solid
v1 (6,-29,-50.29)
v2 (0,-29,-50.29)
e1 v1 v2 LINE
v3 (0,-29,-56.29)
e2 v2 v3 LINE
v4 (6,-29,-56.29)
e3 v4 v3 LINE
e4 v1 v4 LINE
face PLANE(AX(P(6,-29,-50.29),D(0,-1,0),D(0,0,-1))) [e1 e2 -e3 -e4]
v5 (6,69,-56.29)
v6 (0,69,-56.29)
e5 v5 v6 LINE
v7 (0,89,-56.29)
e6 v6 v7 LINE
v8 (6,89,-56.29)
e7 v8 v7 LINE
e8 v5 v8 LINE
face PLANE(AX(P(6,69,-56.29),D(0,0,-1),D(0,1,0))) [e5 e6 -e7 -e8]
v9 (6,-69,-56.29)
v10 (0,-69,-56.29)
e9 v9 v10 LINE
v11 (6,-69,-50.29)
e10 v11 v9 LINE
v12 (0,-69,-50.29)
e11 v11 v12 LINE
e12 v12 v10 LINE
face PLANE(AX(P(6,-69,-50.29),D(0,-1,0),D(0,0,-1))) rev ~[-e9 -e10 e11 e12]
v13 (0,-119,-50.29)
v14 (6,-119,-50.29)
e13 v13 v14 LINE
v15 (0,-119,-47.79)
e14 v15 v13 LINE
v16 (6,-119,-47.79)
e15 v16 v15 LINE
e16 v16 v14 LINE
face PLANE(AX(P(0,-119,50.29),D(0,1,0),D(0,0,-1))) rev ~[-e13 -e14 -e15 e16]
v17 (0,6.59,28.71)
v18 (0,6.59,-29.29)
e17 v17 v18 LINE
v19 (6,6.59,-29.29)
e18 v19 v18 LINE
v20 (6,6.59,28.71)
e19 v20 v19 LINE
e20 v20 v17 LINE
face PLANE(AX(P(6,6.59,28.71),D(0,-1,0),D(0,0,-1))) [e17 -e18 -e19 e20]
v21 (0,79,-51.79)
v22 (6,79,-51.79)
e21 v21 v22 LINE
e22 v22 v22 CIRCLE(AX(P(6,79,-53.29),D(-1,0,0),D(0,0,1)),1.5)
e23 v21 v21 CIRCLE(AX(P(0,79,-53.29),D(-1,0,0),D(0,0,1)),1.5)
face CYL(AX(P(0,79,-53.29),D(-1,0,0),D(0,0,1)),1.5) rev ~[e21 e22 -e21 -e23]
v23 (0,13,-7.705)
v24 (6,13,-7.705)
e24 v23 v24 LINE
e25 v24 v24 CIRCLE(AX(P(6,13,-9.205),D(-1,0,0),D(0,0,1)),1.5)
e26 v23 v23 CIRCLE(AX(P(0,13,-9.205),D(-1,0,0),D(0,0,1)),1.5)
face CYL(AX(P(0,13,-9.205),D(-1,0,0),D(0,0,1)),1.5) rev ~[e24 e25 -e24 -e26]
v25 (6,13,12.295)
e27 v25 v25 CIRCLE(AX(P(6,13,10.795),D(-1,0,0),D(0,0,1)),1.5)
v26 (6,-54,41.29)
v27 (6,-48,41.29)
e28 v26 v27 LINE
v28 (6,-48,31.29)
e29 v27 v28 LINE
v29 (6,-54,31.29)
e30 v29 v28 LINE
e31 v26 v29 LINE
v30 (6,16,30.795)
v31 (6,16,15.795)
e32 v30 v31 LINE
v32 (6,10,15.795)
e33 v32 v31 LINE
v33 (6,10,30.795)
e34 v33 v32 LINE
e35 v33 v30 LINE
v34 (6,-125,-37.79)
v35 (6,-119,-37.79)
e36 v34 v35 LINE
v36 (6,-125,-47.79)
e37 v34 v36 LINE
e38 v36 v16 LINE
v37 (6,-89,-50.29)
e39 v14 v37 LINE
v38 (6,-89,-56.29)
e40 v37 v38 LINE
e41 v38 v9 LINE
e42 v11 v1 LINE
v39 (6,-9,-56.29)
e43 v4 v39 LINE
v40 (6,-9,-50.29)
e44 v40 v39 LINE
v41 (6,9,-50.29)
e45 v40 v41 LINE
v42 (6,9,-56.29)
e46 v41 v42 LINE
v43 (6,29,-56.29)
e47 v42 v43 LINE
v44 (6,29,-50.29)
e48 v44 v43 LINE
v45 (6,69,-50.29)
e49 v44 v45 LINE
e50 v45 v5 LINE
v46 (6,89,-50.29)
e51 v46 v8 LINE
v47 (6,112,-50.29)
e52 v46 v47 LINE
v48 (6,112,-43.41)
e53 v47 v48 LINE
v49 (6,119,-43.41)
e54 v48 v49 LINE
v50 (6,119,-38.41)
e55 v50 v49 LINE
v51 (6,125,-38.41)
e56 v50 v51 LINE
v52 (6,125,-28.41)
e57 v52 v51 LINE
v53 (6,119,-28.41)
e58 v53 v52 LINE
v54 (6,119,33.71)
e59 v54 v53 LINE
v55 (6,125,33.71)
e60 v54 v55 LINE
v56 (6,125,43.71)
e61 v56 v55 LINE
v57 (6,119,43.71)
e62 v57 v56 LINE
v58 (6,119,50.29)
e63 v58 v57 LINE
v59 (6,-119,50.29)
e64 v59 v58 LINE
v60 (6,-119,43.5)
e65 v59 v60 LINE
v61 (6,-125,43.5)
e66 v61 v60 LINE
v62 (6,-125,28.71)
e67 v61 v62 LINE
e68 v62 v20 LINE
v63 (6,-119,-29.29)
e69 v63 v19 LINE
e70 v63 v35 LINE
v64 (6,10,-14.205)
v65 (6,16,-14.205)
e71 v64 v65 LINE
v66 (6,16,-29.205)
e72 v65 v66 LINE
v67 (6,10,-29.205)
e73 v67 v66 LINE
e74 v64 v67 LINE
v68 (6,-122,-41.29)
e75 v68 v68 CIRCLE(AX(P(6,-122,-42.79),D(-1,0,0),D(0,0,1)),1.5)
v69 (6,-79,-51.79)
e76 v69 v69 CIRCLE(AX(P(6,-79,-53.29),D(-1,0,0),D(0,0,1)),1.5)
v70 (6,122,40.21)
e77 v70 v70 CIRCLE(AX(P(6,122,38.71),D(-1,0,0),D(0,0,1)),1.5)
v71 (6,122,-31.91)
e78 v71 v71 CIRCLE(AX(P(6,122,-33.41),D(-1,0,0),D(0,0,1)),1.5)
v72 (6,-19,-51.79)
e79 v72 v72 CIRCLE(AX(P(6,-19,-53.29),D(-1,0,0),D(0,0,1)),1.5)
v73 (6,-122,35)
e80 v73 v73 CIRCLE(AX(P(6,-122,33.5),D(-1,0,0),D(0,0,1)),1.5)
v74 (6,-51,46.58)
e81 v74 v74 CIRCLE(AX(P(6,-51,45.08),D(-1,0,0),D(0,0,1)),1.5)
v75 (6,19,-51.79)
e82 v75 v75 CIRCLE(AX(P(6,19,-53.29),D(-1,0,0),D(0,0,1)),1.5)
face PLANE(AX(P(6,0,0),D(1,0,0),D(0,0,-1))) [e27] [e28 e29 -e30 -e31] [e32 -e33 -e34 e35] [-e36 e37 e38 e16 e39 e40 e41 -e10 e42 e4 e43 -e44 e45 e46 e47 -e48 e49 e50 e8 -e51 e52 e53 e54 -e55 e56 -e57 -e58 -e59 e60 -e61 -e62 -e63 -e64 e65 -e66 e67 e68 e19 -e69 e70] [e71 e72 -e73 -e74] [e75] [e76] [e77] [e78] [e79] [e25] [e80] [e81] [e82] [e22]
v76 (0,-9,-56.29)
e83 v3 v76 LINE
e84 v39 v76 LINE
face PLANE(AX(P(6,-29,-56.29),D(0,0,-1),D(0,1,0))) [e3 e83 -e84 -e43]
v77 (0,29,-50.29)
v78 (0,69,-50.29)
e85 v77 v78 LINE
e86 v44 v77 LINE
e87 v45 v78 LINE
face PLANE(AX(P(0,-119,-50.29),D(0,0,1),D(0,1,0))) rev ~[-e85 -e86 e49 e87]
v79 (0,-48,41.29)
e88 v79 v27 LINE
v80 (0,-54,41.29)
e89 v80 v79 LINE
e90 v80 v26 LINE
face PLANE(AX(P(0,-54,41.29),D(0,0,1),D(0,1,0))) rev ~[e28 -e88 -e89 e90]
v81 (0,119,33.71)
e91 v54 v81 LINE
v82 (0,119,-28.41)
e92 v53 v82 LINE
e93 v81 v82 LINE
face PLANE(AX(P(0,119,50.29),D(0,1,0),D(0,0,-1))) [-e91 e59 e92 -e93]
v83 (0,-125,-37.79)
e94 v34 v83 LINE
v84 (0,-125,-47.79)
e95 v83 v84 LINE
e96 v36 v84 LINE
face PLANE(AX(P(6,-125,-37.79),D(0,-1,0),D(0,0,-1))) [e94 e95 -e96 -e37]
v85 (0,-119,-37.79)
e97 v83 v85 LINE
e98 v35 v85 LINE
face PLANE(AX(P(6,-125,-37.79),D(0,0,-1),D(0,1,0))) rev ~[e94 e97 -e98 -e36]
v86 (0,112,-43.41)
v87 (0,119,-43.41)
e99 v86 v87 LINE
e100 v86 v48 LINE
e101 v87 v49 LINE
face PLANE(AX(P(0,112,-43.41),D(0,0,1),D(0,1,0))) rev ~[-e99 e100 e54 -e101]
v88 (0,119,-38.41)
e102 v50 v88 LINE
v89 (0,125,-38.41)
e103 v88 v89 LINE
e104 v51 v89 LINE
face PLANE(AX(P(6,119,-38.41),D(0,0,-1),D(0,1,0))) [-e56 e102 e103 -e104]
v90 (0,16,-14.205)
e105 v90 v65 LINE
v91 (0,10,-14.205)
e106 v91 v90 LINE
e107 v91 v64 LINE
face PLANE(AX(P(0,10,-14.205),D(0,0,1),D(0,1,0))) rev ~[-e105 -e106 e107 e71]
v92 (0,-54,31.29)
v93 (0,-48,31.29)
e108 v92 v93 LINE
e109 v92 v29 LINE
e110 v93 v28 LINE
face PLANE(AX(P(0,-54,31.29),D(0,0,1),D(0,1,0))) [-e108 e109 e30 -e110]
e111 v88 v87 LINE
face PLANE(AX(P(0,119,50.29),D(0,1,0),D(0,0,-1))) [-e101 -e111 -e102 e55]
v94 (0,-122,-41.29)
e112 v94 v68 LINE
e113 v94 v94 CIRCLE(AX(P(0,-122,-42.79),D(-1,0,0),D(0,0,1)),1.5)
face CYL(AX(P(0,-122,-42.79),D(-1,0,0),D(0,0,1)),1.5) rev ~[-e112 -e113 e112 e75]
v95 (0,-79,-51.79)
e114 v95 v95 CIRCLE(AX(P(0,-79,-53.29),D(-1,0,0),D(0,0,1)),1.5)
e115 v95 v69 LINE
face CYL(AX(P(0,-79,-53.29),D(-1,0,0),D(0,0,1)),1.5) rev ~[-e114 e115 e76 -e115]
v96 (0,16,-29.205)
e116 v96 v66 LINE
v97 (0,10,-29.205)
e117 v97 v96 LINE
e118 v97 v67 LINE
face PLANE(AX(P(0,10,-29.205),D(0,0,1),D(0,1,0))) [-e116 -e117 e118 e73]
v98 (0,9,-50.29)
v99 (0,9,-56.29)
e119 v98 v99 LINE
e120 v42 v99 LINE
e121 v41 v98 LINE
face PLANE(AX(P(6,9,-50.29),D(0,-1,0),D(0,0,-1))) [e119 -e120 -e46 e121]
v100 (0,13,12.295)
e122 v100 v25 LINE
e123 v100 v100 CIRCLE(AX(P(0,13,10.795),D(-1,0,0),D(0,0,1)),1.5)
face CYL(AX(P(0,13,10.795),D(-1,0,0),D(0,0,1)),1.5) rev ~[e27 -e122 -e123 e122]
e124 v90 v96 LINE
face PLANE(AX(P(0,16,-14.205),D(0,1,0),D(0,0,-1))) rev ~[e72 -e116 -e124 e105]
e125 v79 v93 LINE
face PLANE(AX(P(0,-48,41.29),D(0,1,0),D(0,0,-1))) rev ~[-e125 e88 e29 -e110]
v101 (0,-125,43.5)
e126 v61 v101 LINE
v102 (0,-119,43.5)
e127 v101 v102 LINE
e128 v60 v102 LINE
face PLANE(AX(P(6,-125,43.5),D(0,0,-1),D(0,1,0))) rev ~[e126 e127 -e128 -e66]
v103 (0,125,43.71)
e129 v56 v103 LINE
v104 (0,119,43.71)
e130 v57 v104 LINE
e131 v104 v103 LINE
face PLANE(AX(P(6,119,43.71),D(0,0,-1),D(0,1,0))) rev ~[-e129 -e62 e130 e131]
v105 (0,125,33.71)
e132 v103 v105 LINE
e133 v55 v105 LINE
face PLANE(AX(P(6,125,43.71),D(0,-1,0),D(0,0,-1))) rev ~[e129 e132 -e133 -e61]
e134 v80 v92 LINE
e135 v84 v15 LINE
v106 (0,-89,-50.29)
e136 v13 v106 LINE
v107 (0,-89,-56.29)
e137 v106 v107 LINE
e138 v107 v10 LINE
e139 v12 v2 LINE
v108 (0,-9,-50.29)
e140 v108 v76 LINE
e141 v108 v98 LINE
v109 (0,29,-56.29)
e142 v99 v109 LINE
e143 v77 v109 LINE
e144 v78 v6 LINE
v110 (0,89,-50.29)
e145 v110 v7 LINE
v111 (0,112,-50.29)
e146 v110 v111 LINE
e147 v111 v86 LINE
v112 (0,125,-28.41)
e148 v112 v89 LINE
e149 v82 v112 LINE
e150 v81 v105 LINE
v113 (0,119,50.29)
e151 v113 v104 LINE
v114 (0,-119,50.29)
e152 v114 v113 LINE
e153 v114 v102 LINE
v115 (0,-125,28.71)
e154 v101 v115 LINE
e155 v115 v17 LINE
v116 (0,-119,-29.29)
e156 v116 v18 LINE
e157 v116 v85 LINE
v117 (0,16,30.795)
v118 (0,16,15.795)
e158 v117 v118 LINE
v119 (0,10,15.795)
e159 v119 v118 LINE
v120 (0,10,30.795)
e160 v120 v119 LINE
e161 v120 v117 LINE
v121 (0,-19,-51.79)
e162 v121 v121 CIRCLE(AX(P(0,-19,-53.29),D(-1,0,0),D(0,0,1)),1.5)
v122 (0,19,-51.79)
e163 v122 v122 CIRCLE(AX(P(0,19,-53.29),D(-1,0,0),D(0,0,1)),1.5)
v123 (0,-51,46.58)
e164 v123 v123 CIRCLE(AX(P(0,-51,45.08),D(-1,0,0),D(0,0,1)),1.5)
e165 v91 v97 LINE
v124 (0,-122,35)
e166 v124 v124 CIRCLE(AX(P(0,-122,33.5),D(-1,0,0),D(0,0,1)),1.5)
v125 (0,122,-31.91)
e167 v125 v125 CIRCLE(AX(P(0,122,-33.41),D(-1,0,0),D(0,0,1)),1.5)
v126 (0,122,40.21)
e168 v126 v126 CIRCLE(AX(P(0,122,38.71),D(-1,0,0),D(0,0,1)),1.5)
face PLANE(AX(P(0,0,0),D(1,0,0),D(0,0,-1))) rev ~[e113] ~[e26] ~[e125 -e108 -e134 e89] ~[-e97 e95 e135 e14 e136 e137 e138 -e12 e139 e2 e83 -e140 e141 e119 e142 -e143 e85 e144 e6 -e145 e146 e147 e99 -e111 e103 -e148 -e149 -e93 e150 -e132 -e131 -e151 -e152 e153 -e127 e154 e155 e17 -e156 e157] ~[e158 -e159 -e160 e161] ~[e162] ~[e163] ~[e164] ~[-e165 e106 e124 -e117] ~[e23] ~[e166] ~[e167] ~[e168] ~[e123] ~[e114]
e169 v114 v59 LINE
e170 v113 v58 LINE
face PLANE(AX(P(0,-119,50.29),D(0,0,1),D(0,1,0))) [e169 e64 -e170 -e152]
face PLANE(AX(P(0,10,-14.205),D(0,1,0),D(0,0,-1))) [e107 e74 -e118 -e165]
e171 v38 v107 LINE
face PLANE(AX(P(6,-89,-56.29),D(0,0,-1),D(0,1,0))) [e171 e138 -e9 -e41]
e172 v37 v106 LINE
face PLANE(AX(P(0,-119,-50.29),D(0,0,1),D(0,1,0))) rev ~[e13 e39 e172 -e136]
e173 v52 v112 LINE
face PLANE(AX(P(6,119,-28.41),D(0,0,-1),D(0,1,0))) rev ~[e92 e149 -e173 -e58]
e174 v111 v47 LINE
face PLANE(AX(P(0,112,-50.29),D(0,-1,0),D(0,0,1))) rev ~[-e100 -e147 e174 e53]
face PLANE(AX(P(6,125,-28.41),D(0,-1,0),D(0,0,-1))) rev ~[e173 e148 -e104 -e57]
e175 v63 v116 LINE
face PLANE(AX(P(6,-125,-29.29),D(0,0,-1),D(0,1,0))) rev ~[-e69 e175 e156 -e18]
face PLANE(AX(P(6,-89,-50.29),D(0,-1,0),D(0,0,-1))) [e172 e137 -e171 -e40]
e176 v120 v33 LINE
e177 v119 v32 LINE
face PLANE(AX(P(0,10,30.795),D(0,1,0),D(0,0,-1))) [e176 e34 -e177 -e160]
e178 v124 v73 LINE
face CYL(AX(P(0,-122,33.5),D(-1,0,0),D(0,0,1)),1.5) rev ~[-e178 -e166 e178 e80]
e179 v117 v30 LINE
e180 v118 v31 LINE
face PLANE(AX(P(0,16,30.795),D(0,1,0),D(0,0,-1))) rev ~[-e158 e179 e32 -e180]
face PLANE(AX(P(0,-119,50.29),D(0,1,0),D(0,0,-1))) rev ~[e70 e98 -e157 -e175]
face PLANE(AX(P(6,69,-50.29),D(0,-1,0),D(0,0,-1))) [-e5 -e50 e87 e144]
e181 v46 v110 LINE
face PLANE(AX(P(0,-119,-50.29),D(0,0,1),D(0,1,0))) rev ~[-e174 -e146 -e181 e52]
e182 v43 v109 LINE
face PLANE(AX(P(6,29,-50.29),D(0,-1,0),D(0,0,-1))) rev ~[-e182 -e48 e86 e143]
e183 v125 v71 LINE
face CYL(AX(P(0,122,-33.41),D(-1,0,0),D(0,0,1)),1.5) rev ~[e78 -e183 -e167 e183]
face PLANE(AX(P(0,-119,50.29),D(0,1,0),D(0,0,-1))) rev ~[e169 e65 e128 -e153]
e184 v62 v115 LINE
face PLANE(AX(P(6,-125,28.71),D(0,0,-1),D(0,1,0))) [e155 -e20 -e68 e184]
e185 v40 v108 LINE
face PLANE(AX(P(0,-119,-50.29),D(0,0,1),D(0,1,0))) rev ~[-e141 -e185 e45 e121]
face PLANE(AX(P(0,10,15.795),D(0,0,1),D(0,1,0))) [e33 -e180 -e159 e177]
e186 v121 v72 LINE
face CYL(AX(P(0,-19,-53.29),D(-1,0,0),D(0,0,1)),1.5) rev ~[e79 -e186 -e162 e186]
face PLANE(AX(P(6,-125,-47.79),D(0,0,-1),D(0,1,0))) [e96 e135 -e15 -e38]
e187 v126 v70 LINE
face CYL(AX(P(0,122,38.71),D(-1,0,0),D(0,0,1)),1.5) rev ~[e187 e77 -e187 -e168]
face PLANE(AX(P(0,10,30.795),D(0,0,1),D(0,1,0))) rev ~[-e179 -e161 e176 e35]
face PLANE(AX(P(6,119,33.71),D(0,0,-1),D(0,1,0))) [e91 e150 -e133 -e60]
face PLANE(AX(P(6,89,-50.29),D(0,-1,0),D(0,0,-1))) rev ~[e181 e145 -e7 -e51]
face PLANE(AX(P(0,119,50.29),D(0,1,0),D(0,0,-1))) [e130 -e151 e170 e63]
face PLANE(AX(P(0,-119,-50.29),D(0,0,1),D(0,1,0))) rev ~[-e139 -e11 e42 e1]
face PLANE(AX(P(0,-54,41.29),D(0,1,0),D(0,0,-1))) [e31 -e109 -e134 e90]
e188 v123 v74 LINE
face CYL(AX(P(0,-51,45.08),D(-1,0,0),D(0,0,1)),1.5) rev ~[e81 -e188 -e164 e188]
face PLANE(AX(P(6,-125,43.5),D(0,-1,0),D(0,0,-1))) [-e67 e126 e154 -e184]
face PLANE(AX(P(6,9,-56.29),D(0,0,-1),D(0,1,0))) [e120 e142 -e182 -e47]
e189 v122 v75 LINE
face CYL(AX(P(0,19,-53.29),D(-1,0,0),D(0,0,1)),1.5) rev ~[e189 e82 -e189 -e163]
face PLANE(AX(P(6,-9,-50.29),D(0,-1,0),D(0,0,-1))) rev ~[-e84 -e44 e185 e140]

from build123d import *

# Parameters (mm, degrees)
ESQUISSE1_W             = 100.58
ESQUISSE1_H             = 238
ESQUISSE1_W_2           = 10
ESQUISSE1_H_2           = 6
ESQUISSE1_W_3           = 15
BOSS_EXTRU_1_DEPTH      = 6
ESQUISSE3_W             = 20
ESQUISSE3_H             = 6
ESQUISSE3_W_2           = 10
ESQUISSE3_W_3           = 6
ESQUISSE3_H_2           = 20
BOSS_EXTRU_5_DEPTH      = 6
ESQUISSE6_W             = 58
ESQUISSE6_H             = 131.59
ENL_V_MAT_EXTRU_2_DEPTH = 6
ESQUISSE7_W             = 6.88
ESQUISSE7_H             = 7
ENL_V_MAT_EXTRU_3_DEPTH = 6
ESQUISSE8_R             = 1.5
ENL_V_MAT_EXTRU_4_DEPTH = 6


with BuildPart() as part:
    # Esquisse1 → Boss.-Extru.1 (new body)
    with BuildSketch(Plane(origin=(0, 0, 0), x_dir=(0, 0, -1), z_dir=(1, 0, 0))):
        Rectangle(ESQUISSE1_W, ESQUISSE1_H)
        with Locations((-36.29, -51)):
            Rectangle(ESQUISSE1_W_2, ESQUISSE1_H_2, mode=Mode.SUBTRACT)
        with Locations((-23.295, 13)):
            Rectangle(ESQUISSE1_W_3, ESQUISSE1_H_2, mode=Mode.SUBTRACT)
        with Locations((21.705, 13)):
            Rectangle(ESQUISSE1_W_3, ESQUISSE1_H_2, mode=Mode.SUBTRACT)
    extrude(amount=BOSS_EXTRU_1_DEPTH)

    # Esquisse3 → Boss.-Extru.5 (add)
    with BuildSketch(Plane(origin=(6, 0, 0), x_dir=(0, 0, -1), z_dir=(1, 0, 0))):
        with Locations((-33.5, -122)):
            Rectangle(ESQUISSE3_W, ESQUISSE3_H)
        with Locations((42.79, -122)):
            Rectangle(ESQUISSE3_W_2, ESQUISSE3_H)
        with Locations((53.29, 19)):
            Rectangle(ESQUISSE3_W_3, ESQUISSE3_H_2)
        with Locations((53.29, 79)):
            Rectangle(ESQUISSE3_W_3, ESQUISSE3_H_2)
        with Locations((53.29, -79)):
            Rectangle(ESQUISSE3_W_3, ESQUISSE3_H_2)
        with Locations((53.29, -19)):
            Rectangle(ESQUISSE3_W_3, ESQUISSE3_H_2)
        with Locations((33.41, 122)):
            Rectangle(ESQUISSE3_W_2, ESQUISSE3_H)
        with Locations((-38.71, 122)):
            Rectangle(ESQUISSE3_W_2, ESQUISSE3_H)
    extrude(amount=-BOSS_EXTRU_5_DEPTH)

    # Esquisse6 → Enlèv. mat.-Extru.2 (cut)
    with BuildSketch(Plane(origin=(6, 0, 0), x_dir=(0, 0, -1), z_dir=(1, 0, 0))):
        with Locations((0.29, -59.205)):
            Rectangle(ESQUISSE6_W, ESQUISSE6_H)
    extrude(amount=-ENL_V_MAT_EXTRU_2_DEPTH, mode=Mode.SUBTRACT)

    # Esquisse7 → Enlèv. mat.-Extru.3 (cut)
    with BuildSketch(Plane.ZY):
        with Locations((-46.85, 115.5)):
            Rectangle(ESQUISSE7_W, ESQUISSE7_H)
    extrude(amount=-ENL_V_MAT_EXTRU_3_DEPTH, mode=Mode.SUBTRACT)

    # Esquisse8 → Enlèv. mat.-Extru.4 (cut)
    with BuildSketch(Plane.ZY):
        with Locations((-9.205, 13)):
            Circle(ESQUISSE8_R)
        with Locations((10.795, 13)):
            Circle(ESQUISSE8_R)
        with Locations((45.08, -51)):
            Circle(ESQUISSE8_R)
        with Locations((38.71, 122)):
            Circle(ESQUISSE8_R)
        with Locations((-33.41, 122)):
            Circle(ESQUISSE8_R)
        with Locations((33.5, -122)):
            Circle(ESQUISSE8_R)
        with Locations((-53.29, 79)):
            Circle(ESQUISSE8_R)
        with Locations((-42.79, -122)):
            Circle(ESQUISSE8_R)
        with Locations((-53.29, 19)):
            Circle(ESQUISSE8_R)
        with Locations((-53.29, -79)):
            Circle(ESQUISSE8_R)
        with Locations((-53.29, -19)):
            Circle(ESQUISSE8_R)
    extrude(amount=-ENL_V_MAT_EXTRU_4_DEPTH, mode=Mode.SUBTRACT)


solid = part.part
